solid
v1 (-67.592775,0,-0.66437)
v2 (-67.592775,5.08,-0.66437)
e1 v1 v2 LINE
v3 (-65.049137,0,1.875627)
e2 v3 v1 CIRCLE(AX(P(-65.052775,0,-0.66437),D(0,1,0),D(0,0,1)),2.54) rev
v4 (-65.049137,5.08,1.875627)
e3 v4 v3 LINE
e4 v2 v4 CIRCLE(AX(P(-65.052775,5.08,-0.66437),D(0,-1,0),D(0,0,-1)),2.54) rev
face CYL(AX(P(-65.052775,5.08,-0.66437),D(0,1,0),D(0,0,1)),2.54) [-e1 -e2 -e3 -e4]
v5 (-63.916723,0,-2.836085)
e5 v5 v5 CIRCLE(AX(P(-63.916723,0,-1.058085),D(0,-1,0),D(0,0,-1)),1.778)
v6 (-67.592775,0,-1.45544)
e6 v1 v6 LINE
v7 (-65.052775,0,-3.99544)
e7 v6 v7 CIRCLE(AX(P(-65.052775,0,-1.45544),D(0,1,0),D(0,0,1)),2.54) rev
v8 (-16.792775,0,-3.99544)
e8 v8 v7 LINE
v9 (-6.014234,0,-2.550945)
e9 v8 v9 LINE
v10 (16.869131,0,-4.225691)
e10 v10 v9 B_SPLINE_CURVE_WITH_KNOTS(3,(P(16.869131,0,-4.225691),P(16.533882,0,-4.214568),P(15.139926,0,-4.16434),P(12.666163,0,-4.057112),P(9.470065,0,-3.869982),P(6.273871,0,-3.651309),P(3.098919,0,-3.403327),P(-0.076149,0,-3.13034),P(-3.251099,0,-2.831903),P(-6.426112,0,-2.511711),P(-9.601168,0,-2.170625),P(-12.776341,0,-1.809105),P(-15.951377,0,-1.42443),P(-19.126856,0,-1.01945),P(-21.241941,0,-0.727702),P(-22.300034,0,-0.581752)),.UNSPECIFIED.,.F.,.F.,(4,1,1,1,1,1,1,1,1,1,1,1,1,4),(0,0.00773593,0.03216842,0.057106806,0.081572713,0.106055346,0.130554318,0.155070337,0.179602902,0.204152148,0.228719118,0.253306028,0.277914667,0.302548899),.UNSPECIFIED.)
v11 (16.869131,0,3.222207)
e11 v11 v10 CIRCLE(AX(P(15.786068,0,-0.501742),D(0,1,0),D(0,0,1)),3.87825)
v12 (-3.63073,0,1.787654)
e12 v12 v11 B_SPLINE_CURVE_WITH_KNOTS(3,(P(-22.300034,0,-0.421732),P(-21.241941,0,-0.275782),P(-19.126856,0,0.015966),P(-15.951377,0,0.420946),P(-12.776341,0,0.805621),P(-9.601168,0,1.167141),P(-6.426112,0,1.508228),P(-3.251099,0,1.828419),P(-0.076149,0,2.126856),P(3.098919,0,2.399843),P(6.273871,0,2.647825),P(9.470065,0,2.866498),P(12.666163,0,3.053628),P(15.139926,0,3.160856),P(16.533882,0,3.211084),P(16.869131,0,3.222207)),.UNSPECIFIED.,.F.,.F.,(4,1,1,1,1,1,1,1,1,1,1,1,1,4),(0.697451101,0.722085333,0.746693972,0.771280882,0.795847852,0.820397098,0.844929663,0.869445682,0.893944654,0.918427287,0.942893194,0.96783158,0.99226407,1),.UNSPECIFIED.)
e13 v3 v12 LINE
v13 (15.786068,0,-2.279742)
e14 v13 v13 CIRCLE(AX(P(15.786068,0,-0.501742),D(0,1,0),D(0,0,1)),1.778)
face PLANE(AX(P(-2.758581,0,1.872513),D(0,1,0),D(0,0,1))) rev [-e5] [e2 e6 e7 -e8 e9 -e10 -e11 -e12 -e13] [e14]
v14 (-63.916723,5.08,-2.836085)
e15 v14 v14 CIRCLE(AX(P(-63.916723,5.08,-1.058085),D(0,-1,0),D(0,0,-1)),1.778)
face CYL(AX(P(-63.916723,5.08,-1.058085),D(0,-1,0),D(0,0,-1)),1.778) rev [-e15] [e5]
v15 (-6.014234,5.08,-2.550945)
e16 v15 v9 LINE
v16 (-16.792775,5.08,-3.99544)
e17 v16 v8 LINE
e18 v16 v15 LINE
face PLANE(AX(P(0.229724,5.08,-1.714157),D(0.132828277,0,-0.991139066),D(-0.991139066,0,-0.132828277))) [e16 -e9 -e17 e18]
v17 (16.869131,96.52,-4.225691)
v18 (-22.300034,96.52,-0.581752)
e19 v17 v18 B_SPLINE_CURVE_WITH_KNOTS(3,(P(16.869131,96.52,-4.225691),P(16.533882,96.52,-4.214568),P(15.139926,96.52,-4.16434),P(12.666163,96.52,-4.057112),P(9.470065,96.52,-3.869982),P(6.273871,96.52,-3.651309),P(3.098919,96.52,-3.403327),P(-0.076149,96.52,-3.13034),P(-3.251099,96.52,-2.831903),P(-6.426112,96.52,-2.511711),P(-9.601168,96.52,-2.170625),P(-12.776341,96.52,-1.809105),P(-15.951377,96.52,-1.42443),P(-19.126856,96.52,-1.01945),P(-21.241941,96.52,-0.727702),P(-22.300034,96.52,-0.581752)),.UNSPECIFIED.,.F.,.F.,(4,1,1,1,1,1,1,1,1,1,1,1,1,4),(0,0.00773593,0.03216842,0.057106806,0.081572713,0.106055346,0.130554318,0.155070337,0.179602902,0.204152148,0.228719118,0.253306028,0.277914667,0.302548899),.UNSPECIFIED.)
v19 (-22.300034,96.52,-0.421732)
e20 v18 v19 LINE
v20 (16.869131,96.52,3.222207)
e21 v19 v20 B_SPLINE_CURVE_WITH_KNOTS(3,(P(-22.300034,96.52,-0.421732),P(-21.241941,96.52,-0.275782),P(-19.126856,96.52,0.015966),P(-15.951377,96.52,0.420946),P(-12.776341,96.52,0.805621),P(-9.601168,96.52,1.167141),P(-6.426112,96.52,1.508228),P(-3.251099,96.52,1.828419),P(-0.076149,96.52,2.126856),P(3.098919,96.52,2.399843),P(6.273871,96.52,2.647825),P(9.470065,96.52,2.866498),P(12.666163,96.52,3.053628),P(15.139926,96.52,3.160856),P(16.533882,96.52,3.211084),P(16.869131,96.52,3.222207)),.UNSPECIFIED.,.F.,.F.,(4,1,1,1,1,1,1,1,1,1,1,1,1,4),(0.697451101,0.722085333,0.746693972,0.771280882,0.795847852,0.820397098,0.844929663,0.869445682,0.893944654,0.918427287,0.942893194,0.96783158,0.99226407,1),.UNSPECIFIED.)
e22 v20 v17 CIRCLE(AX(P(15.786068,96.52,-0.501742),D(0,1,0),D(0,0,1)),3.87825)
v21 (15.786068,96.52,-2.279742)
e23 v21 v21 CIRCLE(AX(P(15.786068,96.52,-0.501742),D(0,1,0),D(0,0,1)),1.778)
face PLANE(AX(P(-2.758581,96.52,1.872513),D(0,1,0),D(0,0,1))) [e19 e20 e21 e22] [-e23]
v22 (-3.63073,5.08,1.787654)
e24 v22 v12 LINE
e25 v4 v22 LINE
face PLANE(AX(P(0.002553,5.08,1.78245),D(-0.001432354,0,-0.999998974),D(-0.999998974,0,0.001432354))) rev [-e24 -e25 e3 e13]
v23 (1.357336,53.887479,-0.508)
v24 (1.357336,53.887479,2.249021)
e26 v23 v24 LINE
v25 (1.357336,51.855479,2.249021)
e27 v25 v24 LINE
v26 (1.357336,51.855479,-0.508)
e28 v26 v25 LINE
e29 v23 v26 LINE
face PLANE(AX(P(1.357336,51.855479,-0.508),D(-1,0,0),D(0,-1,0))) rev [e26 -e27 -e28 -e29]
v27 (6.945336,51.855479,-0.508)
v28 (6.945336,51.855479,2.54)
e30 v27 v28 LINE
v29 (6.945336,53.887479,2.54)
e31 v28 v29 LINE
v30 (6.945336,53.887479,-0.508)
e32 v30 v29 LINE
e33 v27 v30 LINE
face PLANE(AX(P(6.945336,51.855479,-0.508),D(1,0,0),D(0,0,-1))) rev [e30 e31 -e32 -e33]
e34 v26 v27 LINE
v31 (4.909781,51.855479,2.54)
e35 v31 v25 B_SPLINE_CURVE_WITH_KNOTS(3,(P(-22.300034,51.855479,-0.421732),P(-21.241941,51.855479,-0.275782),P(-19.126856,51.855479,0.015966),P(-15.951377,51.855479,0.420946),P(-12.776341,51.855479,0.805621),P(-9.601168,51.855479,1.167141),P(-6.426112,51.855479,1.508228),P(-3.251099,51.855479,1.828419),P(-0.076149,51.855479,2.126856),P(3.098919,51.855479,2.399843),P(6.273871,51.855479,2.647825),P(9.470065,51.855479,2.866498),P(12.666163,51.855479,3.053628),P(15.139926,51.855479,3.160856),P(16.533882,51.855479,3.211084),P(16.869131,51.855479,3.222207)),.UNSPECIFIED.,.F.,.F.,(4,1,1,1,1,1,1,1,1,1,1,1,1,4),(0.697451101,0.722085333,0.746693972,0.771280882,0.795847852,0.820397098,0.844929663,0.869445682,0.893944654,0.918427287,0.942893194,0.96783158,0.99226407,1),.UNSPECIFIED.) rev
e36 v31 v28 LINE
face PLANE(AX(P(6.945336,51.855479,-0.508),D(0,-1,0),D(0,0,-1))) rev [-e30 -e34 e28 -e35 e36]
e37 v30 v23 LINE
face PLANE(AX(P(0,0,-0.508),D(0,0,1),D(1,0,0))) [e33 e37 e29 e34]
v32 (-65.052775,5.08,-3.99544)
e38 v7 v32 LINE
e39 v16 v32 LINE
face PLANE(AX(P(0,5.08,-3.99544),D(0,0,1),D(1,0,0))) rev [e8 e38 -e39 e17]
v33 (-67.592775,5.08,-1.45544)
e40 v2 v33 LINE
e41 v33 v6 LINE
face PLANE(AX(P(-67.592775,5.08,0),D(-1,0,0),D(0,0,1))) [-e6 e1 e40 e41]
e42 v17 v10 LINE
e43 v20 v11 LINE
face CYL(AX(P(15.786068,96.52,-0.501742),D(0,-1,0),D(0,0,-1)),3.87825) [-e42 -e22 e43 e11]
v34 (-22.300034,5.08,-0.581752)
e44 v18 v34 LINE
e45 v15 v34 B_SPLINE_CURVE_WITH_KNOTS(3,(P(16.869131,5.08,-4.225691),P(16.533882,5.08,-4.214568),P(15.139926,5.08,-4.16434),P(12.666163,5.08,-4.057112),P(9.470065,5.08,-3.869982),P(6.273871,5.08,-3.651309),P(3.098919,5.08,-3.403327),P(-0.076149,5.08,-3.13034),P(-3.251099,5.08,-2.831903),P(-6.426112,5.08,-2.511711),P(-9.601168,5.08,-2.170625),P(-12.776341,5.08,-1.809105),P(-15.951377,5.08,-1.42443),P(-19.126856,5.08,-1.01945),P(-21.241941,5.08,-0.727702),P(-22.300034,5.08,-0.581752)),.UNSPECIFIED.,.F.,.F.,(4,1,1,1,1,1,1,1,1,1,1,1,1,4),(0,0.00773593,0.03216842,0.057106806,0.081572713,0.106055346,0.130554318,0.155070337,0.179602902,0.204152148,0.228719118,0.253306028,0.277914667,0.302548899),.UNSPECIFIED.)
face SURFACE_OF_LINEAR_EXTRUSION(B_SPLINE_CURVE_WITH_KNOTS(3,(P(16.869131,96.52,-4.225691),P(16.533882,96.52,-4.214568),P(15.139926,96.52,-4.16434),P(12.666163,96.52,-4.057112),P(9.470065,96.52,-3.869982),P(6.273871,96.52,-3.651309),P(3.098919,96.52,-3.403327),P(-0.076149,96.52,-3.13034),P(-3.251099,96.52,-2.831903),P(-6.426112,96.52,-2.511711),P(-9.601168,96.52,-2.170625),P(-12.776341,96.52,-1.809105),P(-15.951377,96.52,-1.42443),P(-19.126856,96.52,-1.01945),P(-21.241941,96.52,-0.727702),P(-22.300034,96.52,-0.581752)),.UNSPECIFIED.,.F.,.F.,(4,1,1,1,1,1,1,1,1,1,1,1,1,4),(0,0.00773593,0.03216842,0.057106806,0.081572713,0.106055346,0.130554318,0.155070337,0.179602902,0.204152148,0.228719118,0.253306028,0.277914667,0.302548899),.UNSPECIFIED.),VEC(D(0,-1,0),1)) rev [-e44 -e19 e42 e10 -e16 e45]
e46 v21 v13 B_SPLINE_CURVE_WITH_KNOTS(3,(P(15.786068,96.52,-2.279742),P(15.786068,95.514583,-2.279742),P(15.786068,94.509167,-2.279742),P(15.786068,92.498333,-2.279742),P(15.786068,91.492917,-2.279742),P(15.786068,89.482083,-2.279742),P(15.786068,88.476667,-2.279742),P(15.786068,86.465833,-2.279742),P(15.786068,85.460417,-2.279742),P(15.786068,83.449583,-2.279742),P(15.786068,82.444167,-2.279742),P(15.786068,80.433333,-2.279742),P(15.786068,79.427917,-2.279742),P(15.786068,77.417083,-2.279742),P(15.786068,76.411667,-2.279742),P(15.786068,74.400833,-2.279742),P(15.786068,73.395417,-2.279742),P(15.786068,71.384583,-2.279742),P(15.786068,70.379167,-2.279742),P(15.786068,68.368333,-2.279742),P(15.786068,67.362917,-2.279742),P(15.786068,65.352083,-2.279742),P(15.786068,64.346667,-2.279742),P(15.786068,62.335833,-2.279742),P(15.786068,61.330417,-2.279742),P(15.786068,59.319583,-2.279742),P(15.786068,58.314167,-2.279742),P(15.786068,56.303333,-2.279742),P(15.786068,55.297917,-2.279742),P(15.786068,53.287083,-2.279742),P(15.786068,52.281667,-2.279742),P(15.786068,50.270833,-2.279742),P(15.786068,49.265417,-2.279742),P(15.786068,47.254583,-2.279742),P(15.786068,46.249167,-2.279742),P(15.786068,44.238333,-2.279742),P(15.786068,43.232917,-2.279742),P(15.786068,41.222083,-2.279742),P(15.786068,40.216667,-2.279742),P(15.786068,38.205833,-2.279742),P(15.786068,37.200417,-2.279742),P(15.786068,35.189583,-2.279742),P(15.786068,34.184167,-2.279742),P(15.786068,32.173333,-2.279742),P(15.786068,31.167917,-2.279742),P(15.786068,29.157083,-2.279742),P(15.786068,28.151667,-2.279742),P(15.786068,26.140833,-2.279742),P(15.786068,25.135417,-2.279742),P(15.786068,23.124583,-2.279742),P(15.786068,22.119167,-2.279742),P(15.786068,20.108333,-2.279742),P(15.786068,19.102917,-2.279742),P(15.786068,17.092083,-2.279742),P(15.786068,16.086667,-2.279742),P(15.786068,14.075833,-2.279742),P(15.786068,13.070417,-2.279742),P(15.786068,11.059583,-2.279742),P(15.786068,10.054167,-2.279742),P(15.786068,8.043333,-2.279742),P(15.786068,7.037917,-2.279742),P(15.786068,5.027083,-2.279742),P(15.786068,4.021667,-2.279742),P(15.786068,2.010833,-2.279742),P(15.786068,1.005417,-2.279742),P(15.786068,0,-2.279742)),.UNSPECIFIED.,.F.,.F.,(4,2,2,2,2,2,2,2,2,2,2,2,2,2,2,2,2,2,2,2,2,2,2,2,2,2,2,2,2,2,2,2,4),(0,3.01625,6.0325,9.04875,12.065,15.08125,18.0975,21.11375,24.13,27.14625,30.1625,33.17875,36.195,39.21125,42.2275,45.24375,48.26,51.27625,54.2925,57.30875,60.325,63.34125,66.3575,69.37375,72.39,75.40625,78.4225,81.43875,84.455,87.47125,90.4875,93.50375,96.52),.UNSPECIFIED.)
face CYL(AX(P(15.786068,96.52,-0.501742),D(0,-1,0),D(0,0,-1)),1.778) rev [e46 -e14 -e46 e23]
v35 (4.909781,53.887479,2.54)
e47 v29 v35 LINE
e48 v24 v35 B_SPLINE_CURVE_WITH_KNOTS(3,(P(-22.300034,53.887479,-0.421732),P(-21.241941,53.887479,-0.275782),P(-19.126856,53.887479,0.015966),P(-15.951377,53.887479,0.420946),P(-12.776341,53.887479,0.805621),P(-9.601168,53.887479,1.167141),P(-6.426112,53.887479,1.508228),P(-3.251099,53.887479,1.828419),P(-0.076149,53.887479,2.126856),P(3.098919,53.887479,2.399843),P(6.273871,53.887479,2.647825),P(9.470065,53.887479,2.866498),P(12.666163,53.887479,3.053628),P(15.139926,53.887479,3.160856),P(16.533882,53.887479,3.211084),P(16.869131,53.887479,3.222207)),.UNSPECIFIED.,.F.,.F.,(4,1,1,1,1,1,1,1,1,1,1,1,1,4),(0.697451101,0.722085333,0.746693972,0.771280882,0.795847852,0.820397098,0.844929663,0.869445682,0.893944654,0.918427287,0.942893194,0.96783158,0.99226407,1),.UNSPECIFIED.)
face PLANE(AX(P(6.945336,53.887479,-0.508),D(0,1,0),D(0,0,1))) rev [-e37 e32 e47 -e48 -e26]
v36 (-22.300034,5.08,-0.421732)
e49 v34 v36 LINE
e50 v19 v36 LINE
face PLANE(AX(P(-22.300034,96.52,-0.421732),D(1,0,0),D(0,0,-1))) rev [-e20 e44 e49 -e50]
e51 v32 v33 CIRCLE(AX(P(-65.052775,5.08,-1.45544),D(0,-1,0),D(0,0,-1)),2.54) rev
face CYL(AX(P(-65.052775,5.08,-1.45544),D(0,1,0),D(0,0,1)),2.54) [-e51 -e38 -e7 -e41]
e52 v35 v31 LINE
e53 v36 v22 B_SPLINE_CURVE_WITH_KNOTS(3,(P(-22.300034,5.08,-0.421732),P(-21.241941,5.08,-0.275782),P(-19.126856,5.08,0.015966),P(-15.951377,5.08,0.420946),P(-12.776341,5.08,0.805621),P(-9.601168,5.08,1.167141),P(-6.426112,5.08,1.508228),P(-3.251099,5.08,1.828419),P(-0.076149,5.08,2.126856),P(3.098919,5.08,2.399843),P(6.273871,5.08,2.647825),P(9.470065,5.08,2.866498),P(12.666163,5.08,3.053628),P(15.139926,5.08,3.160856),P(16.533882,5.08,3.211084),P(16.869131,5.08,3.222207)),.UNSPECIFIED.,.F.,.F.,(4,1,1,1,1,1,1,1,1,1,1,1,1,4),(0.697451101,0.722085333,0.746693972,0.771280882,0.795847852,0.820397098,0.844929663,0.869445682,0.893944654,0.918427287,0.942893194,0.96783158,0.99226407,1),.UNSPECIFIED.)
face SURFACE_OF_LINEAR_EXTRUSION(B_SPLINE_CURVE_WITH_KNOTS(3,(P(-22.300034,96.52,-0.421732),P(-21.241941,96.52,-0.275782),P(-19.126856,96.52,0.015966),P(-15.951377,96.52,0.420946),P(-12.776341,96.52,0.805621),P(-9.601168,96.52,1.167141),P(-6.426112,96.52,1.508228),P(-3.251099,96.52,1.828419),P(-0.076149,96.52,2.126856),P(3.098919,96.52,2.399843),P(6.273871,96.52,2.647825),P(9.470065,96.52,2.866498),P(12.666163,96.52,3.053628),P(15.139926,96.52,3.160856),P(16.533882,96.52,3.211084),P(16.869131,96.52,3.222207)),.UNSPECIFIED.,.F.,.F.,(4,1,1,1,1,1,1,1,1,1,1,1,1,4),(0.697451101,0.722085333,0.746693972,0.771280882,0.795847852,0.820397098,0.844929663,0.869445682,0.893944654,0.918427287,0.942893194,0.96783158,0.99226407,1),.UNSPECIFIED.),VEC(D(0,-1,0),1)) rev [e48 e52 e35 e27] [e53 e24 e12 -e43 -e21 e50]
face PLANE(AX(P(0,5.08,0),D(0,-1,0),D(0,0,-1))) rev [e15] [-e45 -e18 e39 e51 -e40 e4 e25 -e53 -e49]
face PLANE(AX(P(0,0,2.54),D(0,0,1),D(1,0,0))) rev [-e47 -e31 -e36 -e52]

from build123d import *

# Parameters (mm, degrees)
SKETCH1_R           = 1.778
BOSS_EXTRUDE1_DEPTH = 96.52
SKETCH2_W           = 5.588
SKETCH2_H           = 2.032
CUT_EXTRUDE1_DEPTH  = 3.048
BOSS_EXTRUDE4_DEPTH = 5.08
SKETCH7_R           = 1.778
CUT_EXTRUDE2_DEPTH  = 5.08
FILLET1_R           = 2.54


with BuildPart() as part:
    # Sketch1 → Boss-Extrude1 (new body)
    with BuildSketch(Plane(origin=(0, 0, 0), x_dir=(1, 0, 0), z_dir=(0, 1, 0))):
        with BuildLine():
            Line((-22.300033558, 0.421731993), (-22.300033558, 0.581751993))
            add(Edge.make_bspline(
                [(-22.300033558, 0.581751993), (-21.241941414, 0.727701793), (-19.126856353, 1.01944977), (-15.951376845, 1.424429686), (-12.776341364, 1.809105283), (-9.601168328, 2.170624627), (-6.426111922, 2.511711497), (-3.251098671, 2.831902905), (-0.076148645, 3.130340148), (3.098918671, 3.403326924), (6.273871033, 3.651308872), (9.470064679, 3.869981778), (12.666162626, 4.057112429), (15.139925914, 4.164340231), (16.533881684, 4.214568226), (16.869130939, 4.225691153)],
                knots=[0, 0, 0, 0, 0.024634231, 0.04924287, 0.07382978, 0.098396751, 0.122945996, 0.147478562, 0.171994581, 0.196493552, 0.220976186, 0.245442093, 0.270380478, 0.294812969, 0.302548899, 0.302548899, 0.302548899, 0.302548899], degree=3))
            ThreePointArc((16.869130939, 4.225691153), (19.66431815, 0.501741993), (16.869130939, -3.222207168))
            add(Edge.make_bspline(
                [(16.869130939, -3.222207168), (16.533881684, -3.21108424), (15.139925914, -3.160856245), (12.666162626, -3.053628443), (9.470064679, -2.866497792), (6.273871033, -2.647824886), (3.098918671, -2.399842938), (-0.076148645, -2.126856163), (-3.251098671, -1.82841892), (-6.426111922, -1.508227511), (-9.601168328, -1.167140642), (-12.776341364, -0.805621298), (-15.951376845, -0.420945701), (-19.126856353, -0.015965784), (-21.241941414, 0.275782192), (-22.300033558, 0.421731993)],
                knots=[0.697451101, 0.697451101, 0.697451101, 0.697451101, 0.705187031, 0.729619522, 0.754557907, 0.779023814, 0.803506448, 0.828005419, 0.852521438, 0.877054004, 0.901603249, 0.92617022, 0.95075713, 0.975365769, 1, 1, 1, 1], degree=3))
        make_face()
        with Locations(Location((15.786068277, 0.501741993, 0), (0, 0, 90))):
            Circle(SKETCH1_R, mode=Mode.SUBTRACT)
    extrude(amount=BOSS_EXTRUDE1_DEPTH)

    # Sketch2 → Cut-Extrude1 (cut)
    with BuildSketch(Plane.XY.offset(2.54)):
        with Locations((4.151336485, 52.87147878)):
            Rectangle(SKETCH2_W, SKETCH2_H)
    extrude(amount=-CUT_EXTRUDE1_DEPTH, mode=Mode.SUBTRACT)

    # Sketch3 → Boss-Extrude4 (add)
    with BuildSketch(Plane(origin=(0, 0, 0), x_dir=(-1, 0, 0), z_dir=(0, -1, 0))):
        with BuildLine():
            add(Edge.make_bspline(
                [(10.650355893, 2.050005208), (11.358767299, 1.970085754), (13.126070598, 1.766733378), (15.173174827, 1.518713775), (16.511893664, 1.35112125), (16.792774705, 1.315680774)],
                knots=[0.212277068, 0.212277068, 0.212277068, 0.212277068, 0.228719118, 0.253306028, 0.259835455, 0.259835455, 0.259835455, 0.259835455], degree=3))
            Line((16.792774705, 1.315680774), (16.792774705, 3.995440037))
            Line((16.792774705, 3.995440037), (6.014233657, 2.550945433))
            add(Edge.make_bspline(
                [(6.014233657, 2.550945433), (6.151172956, 2.53680216), (7.346849115, 2.412799437), (8.892338702, 2.246772086), (10.300290918, 2.089497799), (10.650355893, 2.050005208)],
                knots=[0.176427807, 0.176427807, 0.176427807, 0.176427807, 0.179602902, 0.204152148, 0.212277068, 0.212277068, 0.212277068, 0.212277068], degree=3))
        make_face()
        with BuildLine():
            Line((16.792774705, 3.995440037), (16.792774705, 1.315680774))
            add(Edge.make_bspline(
                [(16.792774705, 1.315680774), (17.570501205, 1.217550273), (19.407308985, 0.980765043), (21.241941414, 0.727701793), (22.300033558, 0.581751993)],
                knots=[0.259835455, 0.259835455, 0.259835455, 0.259835455, 0.277914667, 0.302548899, 0.302548899, 0.302548899, 0.302548899], degree=3))
            Line((22.300033558, 0.581751993), (67.592774705, 0.581751993))
            Line((67.592774705, 0.581751993), (67.592774705, 3.995440037))
            Line((67.592774705, 3.995440037), (16.792774705, 3.995440037))
        make_face()
        with BuildLine():
            Line((67.592774705, 0.581751993), (22.300033558, 0.581751993))
            Line((22.300033558, 0.581751993), (22.300033558, 0.421731993))
            add(Edge.make_bspline(
                [(22.300033558, 0.421731993), (21.241941414, 0.275782192), (19.126856353, -0.015965784), (15.951376845, -0.420945701), (12.776341364, -0.805621298), (9.601168328, -1.167140642), (6.552887523, -1.494608385), (4.562438812, -1.696123873), (3.630729661, -1.787654474)],
                knots=[0.697451101, 0.697451101, 0.697451101, 0.697451101, 0.722085333, 0.746693972, 0.771280882, 0.795847852, 0.820397098, 0.841988969, 0.841988969, 0.841988969, 0.841988969], degree=3))
            Line((3.630729661, -1.787654474), (67.592774705, -1.879270853))
            Line((67.592774705, -1.879270853), (67.592774705, 0.581751993))
        make_face()
    extrude(amount=-BOSS_EXTRUDE4_DEPTH)

    # Sketch7 → Cut-Extrude2 (cut)
    with BuildSketch(Plane(origin=(0, 0, 0), x_dir=(-1, 0, 0), z_dir=(0, -1, 0))):
        with Locations(Location((63.916722706, 1.058084592, 0), (0, 0, 90))):
            Circle(SKETCH7_R)
    extrude(amount=-CUT_EXTRUDE2_DEPTH, mode=Mode.SUBTRACT)

    # Fillet1
    fillet1_edges = [part.edges().sort_by_distance(p)[0] for p in [
        (-67.592774705, 2.54, -3.995440037),
        (-67.592774705, 2.54, 1.879270853),
    ]]
    fillet(fillet1_edges, radius=FILLET1_R)


solid = part.part
